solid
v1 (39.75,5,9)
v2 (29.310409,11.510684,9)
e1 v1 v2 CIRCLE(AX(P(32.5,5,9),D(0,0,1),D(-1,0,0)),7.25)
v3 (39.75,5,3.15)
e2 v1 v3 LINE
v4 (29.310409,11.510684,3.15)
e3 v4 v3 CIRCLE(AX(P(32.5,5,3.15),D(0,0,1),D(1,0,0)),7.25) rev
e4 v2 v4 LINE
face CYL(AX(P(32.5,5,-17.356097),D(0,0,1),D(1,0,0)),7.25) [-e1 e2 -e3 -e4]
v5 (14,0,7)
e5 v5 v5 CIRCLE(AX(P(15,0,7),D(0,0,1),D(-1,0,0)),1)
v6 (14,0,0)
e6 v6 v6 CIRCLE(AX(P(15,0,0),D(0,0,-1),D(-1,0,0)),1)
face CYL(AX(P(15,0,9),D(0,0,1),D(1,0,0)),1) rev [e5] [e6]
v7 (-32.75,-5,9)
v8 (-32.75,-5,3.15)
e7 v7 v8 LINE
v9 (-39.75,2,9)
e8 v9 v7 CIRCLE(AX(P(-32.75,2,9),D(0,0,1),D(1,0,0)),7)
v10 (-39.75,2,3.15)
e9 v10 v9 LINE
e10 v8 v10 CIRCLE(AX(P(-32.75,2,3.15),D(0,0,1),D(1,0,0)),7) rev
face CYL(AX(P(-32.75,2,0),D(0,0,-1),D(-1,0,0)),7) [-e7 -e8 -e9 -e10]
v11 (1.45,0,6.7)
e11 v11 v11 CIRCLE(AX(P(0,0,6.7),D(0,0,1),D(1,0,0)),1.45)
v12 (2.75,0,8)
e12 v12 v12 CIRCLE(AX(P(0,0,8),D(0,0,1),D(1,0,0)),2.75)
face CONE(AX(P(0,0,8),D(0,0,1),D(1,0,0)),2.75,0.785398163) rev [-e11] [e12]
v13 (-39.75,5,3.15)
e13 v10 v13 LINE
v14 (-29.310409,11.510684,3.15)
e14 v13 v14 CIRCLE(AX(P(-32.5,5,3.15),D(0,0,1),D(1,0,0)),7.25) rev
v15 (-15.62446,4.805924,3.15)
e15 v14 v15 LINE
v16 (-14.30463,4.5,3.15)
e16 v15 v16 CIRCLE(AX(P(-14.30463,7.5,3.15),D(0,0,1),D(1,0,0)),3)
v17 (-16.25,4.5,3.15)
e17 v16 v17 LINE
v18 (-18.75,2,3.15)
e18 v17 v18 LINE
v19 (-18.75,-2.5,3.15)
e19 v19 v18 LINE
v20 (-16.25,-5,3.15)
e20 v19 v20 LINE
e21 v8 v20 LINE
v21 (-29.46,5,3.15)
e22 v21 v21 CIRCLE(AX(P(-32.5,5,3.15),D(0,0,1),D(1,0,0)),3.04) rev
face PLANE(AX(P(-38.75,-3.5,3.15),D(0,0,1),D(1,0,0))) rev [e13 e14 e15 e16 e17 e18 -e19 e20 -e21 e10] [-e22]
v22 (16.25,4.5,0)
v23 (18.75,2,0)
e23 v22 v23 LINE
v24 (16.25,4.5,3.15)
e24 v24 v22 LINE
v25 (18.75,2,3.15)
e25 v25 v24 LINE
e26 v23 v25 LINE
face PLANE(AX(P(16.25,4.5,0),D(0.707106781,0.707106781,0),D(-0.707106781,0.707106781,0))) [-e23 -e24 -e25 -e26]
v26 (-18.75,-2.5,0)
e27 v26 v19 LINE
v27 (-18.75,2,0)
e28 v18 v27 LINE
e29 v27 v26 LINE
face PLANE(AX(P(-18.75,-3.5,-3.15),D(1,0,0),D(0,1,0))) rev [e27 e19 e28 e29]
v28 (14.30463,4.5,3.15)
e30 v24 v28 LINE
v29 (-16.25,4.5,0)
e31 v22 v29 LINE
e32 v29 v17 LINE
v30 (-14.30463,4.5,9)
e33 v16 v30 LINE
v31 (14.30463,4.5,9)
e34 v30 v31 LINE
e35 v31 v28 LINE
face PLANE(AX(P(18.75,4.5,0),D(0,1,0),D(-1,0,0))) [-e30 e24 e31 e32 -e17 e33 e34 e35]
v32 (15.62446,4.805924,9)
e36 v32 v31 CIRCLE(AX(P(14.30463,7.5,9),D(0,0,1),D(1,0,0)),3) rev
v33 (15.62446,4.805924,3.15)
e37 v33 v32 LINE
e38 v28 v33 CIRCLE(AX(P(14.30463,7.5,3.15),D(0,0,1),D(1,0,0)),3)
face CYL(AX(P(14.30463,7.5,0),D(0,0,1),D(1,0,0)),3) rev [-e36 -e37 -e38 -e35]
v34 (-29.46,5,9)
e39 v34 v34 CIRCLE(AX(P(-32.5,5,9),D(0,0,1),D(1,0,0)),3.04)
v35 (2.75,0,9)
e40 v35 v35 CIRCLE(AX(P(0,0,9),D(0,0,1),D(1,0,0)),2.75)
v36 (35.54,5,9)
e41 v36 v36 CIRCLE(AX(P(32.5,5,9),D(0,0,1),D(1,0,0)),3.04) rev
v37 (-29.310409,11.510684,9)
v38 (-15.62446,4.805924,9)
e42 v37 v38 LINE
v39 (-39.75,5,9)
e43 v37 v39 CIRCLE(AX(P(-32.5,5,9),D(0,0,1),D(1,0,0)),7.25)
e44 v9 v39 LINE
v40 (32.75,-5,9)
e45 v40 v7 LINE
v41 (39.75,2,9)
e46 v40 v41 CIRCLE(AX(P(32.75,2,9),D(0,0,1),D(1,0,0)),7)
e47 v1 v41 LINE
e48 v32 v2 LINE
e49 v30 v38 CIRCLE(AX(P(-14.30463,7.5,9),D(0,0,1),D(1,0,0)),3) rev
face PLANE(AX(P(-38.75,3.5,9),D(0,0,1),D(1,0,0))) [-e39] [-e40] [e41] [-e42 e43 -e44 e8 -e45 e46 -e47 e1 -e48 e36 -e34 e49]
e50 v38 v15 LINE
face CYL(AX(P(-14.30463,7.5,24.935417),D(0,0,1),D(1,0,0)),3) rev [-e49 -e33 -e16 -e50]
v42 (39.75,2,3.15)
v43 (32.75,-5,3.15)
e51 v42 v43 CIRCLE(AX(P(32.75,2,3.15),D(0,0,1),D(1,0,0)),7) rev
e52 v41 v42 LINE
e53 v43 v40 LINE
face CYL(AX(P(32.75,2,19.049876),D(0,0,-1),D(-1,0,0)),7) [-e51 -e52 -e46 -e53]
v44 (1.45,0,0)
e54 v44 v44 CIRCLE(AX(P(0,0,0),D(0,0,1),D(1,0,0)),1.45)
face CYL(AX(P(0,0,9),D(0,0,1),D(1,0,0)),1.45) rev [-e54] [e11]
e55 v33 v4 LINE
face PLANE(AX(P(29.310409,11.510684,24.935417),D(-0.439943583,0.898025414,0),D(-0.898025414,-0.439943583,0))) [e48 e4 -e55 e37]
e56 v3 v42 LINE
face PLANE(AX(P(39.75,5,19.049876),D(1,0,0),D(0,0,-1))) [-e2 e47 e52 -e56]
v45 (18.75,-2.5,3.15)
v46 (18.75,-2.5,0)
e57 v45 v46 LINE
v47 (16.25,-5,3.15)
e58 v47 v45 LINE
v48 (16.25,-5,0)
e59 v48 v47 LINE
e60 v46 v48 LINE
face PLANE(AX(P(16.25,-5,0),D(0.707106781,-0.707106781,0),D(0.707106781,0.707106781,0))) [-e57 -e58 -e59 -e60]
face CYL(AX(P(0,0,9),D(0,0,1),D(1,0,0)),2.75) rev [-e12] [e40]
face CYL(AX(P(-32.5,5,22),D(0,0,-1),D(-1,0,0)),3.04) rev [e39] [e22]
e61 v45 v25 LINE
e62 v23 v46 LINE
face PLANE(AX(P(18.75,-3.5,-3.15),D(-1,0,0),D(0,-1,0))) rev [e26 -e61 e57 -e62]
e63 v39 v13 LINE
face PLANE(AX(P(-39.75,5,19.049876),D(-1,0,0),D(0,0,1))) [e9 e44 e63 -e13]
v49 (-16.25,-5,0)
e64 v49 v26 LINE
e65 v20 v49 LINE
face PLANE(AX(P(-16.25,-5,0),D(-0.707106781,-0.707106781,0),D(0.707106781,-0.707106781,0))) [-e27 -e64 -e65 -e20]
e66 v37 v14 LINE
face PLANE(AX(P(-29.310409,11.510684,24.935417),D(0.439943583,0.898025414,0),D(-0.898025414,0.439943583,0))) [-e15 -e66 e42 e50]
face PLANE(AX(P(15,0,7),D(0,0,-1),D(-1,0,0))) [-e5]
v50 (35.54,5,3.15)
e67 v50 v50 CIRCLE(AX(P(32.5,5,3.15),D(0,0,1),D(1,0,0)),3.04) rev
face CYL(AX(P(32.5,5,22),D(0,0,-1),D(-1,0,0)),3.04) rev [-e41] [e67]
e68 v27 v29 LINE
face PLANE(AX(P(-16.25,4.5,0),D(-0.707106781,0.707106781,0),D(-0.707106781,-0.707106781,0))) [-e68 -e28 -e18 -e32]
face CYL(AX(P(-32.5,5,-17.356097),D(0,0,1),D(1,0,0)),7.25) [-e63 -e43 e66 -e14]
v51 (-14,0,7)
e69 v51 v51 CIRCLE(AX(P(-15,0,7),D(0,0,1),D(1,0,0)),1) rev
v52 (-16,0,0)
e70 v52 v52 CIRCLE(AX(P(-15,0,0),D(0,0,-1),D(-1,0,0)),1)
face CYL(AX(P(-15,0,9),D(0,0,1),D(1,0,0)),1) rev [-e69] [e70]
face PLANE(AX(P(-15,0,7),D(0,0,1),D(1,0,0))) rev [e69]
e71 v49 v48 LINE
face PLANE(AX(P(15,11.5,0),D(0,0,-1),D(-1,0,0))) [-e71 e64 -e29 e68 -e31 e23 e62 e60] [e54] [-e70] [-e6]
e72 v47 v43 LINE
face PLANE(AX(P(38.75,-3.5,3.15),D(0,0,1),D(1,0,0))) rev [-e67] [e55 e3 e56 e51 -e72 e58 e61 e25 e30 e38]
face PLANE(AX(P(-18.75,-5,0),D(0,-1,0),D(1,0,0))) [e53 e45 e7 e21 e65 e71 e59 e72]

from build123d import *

# Parameters (mm, degrees)
SKETCH1_W                    = 77.5
SKETCH1_H                    = 7
BOSS_EXTRUDE1_DEPTH          = 9
BOSS_EXTRUDE1_DEPTH_BACK     = 9
SKETCH2_W                    = 20
SKETCH2_H                    = 6.3
CUT_EXTRUDE1_DEPTH           = 8
SKETCH3_W                    = 12.5
SKETCH3_H                    = 5.85
BOSS_EXTRUDE2_DEPTH          = 8
SKETCH4_R                    = 3.04
CUT_EXTRUDE2_DEPTH           = 22
CUT_EXTRUDE2_DEPTH_BACK      = 24.5
CUT_EXTRUDE3_DEPTH           = 5
SKETCH6_R                    = 6.2
CUT_EXTRUDE4_DEPTH           = 1
MIRROR2_COPY_1_SKETCH_R      = 6.2
MIRROR2_COPY_1_DEPTH         = 1
SKETCH7_W                    = 12.5
SKETCH7_H                    = 8.5
CUT_EXTRUDE5_DEPTH           = 1
MIRROR5_COPY_1_SKETCH_W      = 12.5
MIRROR5_COPY_1_SKETCH_H      = 8.5
MIRROR5_COPY_1_DEPTH         = 1
TAP_DRILL_FOR_M2_TAP1_D      = 1.6
CUT_EXTRUDE6_DEPTH           = 27
SKETCH12_W                   = 83.830839912
SKETCH12_H                   = 36.587504352
CUT_EXTRUDE7_DEPTH           = 22
F_2_0_2_DIAMETER_HOLE1_D     = 2
F_2_0_2_DIAMETER_HOLE1_DEPTH = 30.5
F_2_0_2_DIAMETER_HOLE2_D     = 2
F_2_0_2_DIAMETER_HOLE2_DEPTH = 16
F_2_0_2_DIAMETER_HOLE2_TIP   = 0.600860619
ESQUISSE2_R                  = 3.04
BOSS_EXTRU_1_DEPTH           = 1
ESQUISSE5_R                  = 0.8
BOSS_EXTRU_3_DEPTH           = 5.85
ESQUISSE6_R                  = 0.8
BOSS_EXTRU_4_DEPTH           = 9
BOSS_EXTRUDE3_DEPTH          = 1.5
BOSS_EXTRUDE4_DEPTH          = 1
SKETCH28_R                   = 7.25
SKETCH28_R_2                 = 6.25
BOSS_EXTRUDE7_DEPTH          = 5.85
BOSS_EXTRUDE5_DEPTH          = 5.85
FILLET2_R                    = 3
CHAMFER1_SIZE                = 2.5
SKETCH27_R                   = 1
BOSS_EXTRUDE6_DEPTH          = 2
BOSS_EXTRUDE8_DEPTH          = 5.85
FILLET3_R                    = 7


with BuildPart() as part:
    # Sketch1 → Boss-Extrude1 (new body, two sides)
    with BuildSketch(Plane.XY) as boss_extrude1_sk:
        Rectangle(SKETCH1_W, SKETCH1_H)
    extrude(amount=BOSS_EXTRUDE1_DEPTH)
    extrude(boss_extrude1_sk.sketch, amount=-BOSS_EXTRUDE1_DEPTH_BACK)

    # Sketch2 → Cut-Extrude1 (cut, through all)
    with BuildSketch(Plane(origin=(0, 3.5, 0), x_dir=(1, 0, 0), z_dir=(0, 1, 0))):
        with Locations((-28.75, 0)):
            Rectangle(SKETCH2_W, SKETCH2_H)
        with Locations((28.75, 0)):
            Rectangle(SKETCH2_W, SKETCH2_H)
    extrude(amount=-CUT_EXTRUDE1_DEPTH, mode=Mode.SUBTRACT)

    # Sketch3 → Boss-Extrude2 (add)
    with BuildSketch(Plane(origin=(0, 3.5, 0), x_dir=(1, 0, 0), z_dir=(0, 1, 0))):
        with Locations((-32.5, 6.075)):
            Rectangle(SKETCH3_W, SKETCH3_H)
        with Locations((-32.5, -6.075)):
            Rectangle(SKETCH3_W, SKETCH3_H)
        with Locations((32.5, -6.075)):
            Rectangle(SKETCH3_W, SKETCH3_H)
        with Locations((32.5, 6.075)):
            Rectangle(SKETCH3_W, SKETCH3_H)
    extrude(amount=BOSS_EXTRUDE2_DEPTH)

    # Sketch4 → Cut-Extrude2 (cut, two sides)
    with BuildSketch(Plane.XY) as cut_extrude2_sk:
        with Locations((-32.5, 5)):
            Circle(SKETCH4_R)
        with Locations((32.5, 5)):
            Circle(SKETCH4_R)
    extrude(amount=CUT_EXTRUDE2_DEPTH, mode=Mode.SUBTRACT)
    extrude(cut_extrude2_sk.sketch, amount=-CUT_EXTRUDE2_DEPTH_BACK, mode=Mode.SUBTRACT)

    # Sketch5 → Cut-Extrude3 (cut)
    with BuildSketch(Plane.XY):
        Polygon((15, 3.5), (36.256888292, -2.195766051), (36.256888292, 11.5), (15, 11.5), align=None)
    extrude(amount=-CUT_EXTRUDE3_DEPTH, mode=Mode.SUBTRACT)

    # Sketch6 → Cut-Extrude4 (cut)
    with BuildSketch(Plane.XY.offset(9)):
        with Locations((32.5, 5)):
            Circle(SKETCH6_R)
    cut_extrude4 = extrude(amount=-CUT_EXTRUDE4_DEPTH, mode=Mode.SUBTRACT)

    # Mirror1: Cut-Extrude4 across plane
    add(cut_extrude4.mirror(Plane.XY), mode=Mode.SUBTRACT)

    # Mirror2: Cut-Extrude4 across plane
    add(cut_extrude4.mirror(Plane(origin=(0, 0, 0), x_dir=(0, 0, 1), z_dir=(1, 0, 0))), mode=Mode.SUBTRACT)

    # Mirror2 copy 1 sketch → Mirror2 copy 1 (cut)
    with BuildSketch(Plane(origin=(0, 0, -9), x_dir=(-1, 0, 0), z_dir=(0, 0, -1))):
        with Locations((32.5, 5)):
            Circle(MIRROR2_COPY_1_SKETCH_R)
    extrude(amount=-MIRROR2_COPY_1_DEPTH, mode=Mode.SUBTRACT)

    # Sketch7 → Cut-Extrude5 (cut)
    with BuildSketch(Plane.XY.offset(9)):
        with Locations((-32.5, 7.25)):
            Rectangle(SKETCH7_W, SKETCH7_H)
    cut_extrude5 = extrude(amount=-CUT_EXTRUDE5_DEPTH, mode=Mode.SUBTRACT)

    # Mirror3: Cut-Extrude5 across plane
    add(cut_extrude5.mirror(Plane(origin=(0, 0, 0), x_dir=(0, 0, 1), z_dir=(1, 0, 0))), mode=Mode.SUBTRACT)

    # Mirror5: Cut-Extrude5 across plane
    add(cut_extrude5.mirror(Plane.XY), mode=Mode.SUBTRACT)

    # Mirror5 copy 1 sketch → Mirror5 copy 1 (cut)
    with BuildSketch(Plane(origin=(0, 0, -9), x_dir=(-1, 0, 0), z_dir=(0, 0, -1))):
        with Locations((-32.5, 7.25)):
            Rectangle(MIRROR5_COPY_1_SKETCH_W, MIRROR5_COPY_1_SKETCH_H)
    extrude(amount=-MIRROR5_COPY_1_DEPTH, mode=Mode.SUBTRACT)

    # Tap Drill for M2 Tap1 (through all)
    with Locations(Plane.XY.offset(9)):
        with Locations((-25, 0), (0, 0), (25, 0)):
            Hole(TAP_DRILL_FOR_M2_TAP1_D / 2)

    # Sketch11 → Cut-Extrude6 (cut)
    with BuildSketch(Plane.XY.offset(9)):
        with BuildLine():
            Line((-38.75, 4.999999534), (-38.75, 21.221242017))
            Line((-38.75, 21.221242017), (-26.25, 21.221242017))
            Line((-26.25, 21.221242017), (-26.25, 4.999999534))
            ThreePointArc((-26.25, 4.999999534), (-32.5, 11.25), (-38.75, 4.999999534))
        make_face()
    cut_extrude6 = extrude(amount=-CUT_EXTRUDE6_DEPTH, mode=Mode.SUBTRACT)

    # Mirror6: Cut-Extrude6 across plane
    add(cut_extrude6.mirror(Plane(origin=(0, 0, 0), x_dir=(0, 0, 1), z_dir=(1, 0, 0))), mode=Mode.SUBTRACT)

    # Sketch12 → Cut-Extrude7 (cut)
    with BuildSketch(Plane.XY):
        Rectangle(SKETCH12_W, SKETCH12_H)
    extrude(amount=-CUT_EXTRUDE7_DEPTH, mode=Mode.SUBTRACT)

    # 2.0 _2_ Diameter Hole1
    with Locations(Plane.XY.offset(9)):
        with Locations((-15, 0)):
            Hole(F_2_0_2_DIAMETER_HOLE1_D / 2, depth=F_2_0_2_DIAMETER_HOLE1_DEPTH)

    # 2.0 _2_ Diameter Hole2
    with Locations(Plane.XY.offset(9)):
        with Locations((15, 0)):
            Hole(F_2_0_2_DIAMETER_HOLE2_D / 2, depth=F_2_0_2_DIAMETER_HOLE2_DEPTH)
            with Locations((0, 0, -(F_2_0_2_DIAMETER_HOLE2_DEPTH + F_2_0_2_DIAMETER_HOLE2_TIP / 2))):  # 118° drill point
                Cone(0, F_2_0_2_DIAMETER_HOLE2_D / 2, F_2_0_2_DIAMETER_HOLE2_TIP, mode=Mode.SUBTRACT)

    # Esquisse2 → Boss.-Extru.1 (add)
    with BuildSketch(Plane.XY.offset(8)):
        with BuildLine():
            ThreePointArc((26.6314397, 3), (31.48636147, 11.116578858), (38.7, 5))
            ThreePointArc((38.7, 5), (38.616578858, 3.98636147), (38.3685603, 3))
            Line((38.3685603, 3), (38.75, 3))
            Line((38.75, 3), (38.75, 4.999999534))
            ThreePointArc((38.75, 4.999999534), (32.5, 11.25), (26.25, 4.999999534))
            Line((26.25, 4.999999534), (26.25, 3.5))
            Line((26.25, 3.5), (26.25, 3))
            Line((26.25, 3), (26.6314397, 3))
        make_face()
        with BuildLine():
            ThreePointArc((38.3685603, 3), (38.616578858, 3.98636147), (38.7, 5))
            ThreePointArc((38.7, 5), (31.48636147, 11.116578858), (26.6314397, 3))
            ThreePointArc((26.6314397, 3), (32.5, -1.2), (38.3685603, 3))
        make_face()
        with Locations((32.5, 5)):
            Circle(ESQUISSE2_R, mode=Mode.SUBTRACT)
    boss_extru_1 = extrude(amount=BOSS_EXTRU_1_DEPTH)

    # Sym_trie1: Boss.-Extru.1 across plane
    add(boss_extru_1.mirror(Plane(origin=(0, 0, 0), x_dir=(0, 0, 1), z_dir=(1, 0, 0))))

    # Esquisse5 → Boss.-Extru.3 (add)
    with BuildSketch(Plane.XY.offset(9)):
        with Locations((-25, 0)):
            Circle(ESQUISSE5_R)
        with Locations((25, 0)):
            Circle(ESQUISSE5_R)
    extrude(amount=-BOSS_EXTRU_3_DEPTH)

    # Esquisse6 → Boss.-Extru.4 (add)
    with BuildSketch(Plane.XY.offset(9)):
        Circle(ESQUISSE6_R)
    extrude(amount=-BOSS_EXTRU_4_DEPTH)

    # Sketch22 → Boss-Extrude3 (add)
    with BuildSketch(Plane.XZ.offset(3.5)):
        Polygon((-18.75, 0), (18.75, 0), (18.75, 3.15), (38.75, 3.15), (38.75, 9), (-38.75, 9), (-38.75, 3.15), (-18.75, 3.15), align=None)
    extrude(amount=BOSS_EXTRUDE3_DEPTH)

    # Sketch23 → CSK for M2.5 Countersunk Flat Head Screw (revolve, cut)
    with BuildSketch(Plane(origin=(0, 0, 9), x_dir=(0, -1, 0), z_dir=(1, 0, 0))):
        Polygon((0, 0), (0, 9), (1.45, 9), (1.45, 2.3), (2.75, 1), (2.75, 0), align=None)
    revolve(axis=Axis((0, 0, 15.35), (0, 0, -1)), mode=Mode.SUBTRACT)

    # Sketch25 → Boss-Extrude4 (add)
    with BuildSketch(Plane(origin=(0, 3.5, 0), x_dir=(1, 0, 0), z_dir=(0, 1, 0))):
        Polygon((18.75, 0), (-18.75, 0), (-18.75, -3.15), (-26.25, -3.15), (-26.25, -9), (26.25, -9), (26.25, -3.15), (18.75, -3.15), align=None)
    extrude(amount=BOSS_EXTRUDE4_DEPTH)

    # Sketch28 → Boss-Extrude7 (add)
    with BuildSketch(Plane.XY.offset(9)):
        with Locations((-32.5, 5)):
            Circle(SKETCH28_R)
        with Locations((-32.5, 5)):
            Circle(SKETCH28_R_2, mode=Mode.SUBTRACT)
        with Locations((32.5, 5)):
            Circle(SKETCH28_R)
        with Locations((32.5, 5)):
            Circle(SKETCH28_R_2, mode=Mode.SUBTRACT)
    extrude(amount=-BOSS_EXTRUDE7_DEPTH)

    # Sketch26 → Boss-Extrude5 (add)
    with BuildSketch(Plane(origin=(0, 0, 3.15), x_dir=(-1, 0, 0), z_dir=(0, 0, -1))):
        Polygon((-29.310409021, 11.510684249), (-15, 4.5), (-25.267261929, 4.5), align=None)
        Polygon((25.267261929, 4.5), (29.310409021, 11.510684249), (15, 4.5), align=None)
    extrude(amount=-BOSS_EXTRUDE5_DEPTH)

    # Fillet2
    fillet2_edges = [part.edges().sort_by_distance(p)[0] for p in [
        (15, 4.5, 6.075),
        (-15, 4.5, 6.075),
    ]]
    fillet(fillet2_edges, radius=FILLET2_R)

    # Chamfer1
    chamfer1_edges = [part.edges().sort_by_distance(p)[0] for p in [
        (-18.75, -5, 1.575),
        (18.75, -5, 1.575),
        (18.75, 4.5, 1.575),
        (-18.75, 4.5, 1.575),
    ]]
    chamfer(chamfer1_edges, length=CHAMFER1_SIZE)

    # Sketch27 → Boss-Extrude6 (add)
    with BuildSketch(Plane.XY.offset(9)):
        with Locations((-15, 0)):
            Circle(SKETCH27_R)
        with Locations((15, 0)):
            Circle(SKETCH27_R)
    extrude(amount=-BOSS_EXTRUDE6_DEPTH)

    # Sketch29 → Boss-Extrude8 (add)
    with BuildSketch(Plane(origin=(0, 0, 3.15), x_dir=(-1, 0, 0), z_dir=(0, 0, -1))):
        Polygon((-39.75, 5), (-39.75, -5), (-38.75, -5), (-38.75, 1.325765386), align=None)
        Polygon((38.75, 1.325765386), (39.75, 5), (39.75, -5), (38.75, -5), align=None)
    extrude(amount=-BOSS_EXTRUDE8_DEPTH)

    # Fillet3
    fillet3_edges = [part.edges().sort_by_distance(p)[0] for p in [
        (39.75, -5, 6.075),
        (-39.75, -5, 6.075),
    ]]
    fillet(fillet3_edges, radius=FILLET3_R)


solid = part.part
